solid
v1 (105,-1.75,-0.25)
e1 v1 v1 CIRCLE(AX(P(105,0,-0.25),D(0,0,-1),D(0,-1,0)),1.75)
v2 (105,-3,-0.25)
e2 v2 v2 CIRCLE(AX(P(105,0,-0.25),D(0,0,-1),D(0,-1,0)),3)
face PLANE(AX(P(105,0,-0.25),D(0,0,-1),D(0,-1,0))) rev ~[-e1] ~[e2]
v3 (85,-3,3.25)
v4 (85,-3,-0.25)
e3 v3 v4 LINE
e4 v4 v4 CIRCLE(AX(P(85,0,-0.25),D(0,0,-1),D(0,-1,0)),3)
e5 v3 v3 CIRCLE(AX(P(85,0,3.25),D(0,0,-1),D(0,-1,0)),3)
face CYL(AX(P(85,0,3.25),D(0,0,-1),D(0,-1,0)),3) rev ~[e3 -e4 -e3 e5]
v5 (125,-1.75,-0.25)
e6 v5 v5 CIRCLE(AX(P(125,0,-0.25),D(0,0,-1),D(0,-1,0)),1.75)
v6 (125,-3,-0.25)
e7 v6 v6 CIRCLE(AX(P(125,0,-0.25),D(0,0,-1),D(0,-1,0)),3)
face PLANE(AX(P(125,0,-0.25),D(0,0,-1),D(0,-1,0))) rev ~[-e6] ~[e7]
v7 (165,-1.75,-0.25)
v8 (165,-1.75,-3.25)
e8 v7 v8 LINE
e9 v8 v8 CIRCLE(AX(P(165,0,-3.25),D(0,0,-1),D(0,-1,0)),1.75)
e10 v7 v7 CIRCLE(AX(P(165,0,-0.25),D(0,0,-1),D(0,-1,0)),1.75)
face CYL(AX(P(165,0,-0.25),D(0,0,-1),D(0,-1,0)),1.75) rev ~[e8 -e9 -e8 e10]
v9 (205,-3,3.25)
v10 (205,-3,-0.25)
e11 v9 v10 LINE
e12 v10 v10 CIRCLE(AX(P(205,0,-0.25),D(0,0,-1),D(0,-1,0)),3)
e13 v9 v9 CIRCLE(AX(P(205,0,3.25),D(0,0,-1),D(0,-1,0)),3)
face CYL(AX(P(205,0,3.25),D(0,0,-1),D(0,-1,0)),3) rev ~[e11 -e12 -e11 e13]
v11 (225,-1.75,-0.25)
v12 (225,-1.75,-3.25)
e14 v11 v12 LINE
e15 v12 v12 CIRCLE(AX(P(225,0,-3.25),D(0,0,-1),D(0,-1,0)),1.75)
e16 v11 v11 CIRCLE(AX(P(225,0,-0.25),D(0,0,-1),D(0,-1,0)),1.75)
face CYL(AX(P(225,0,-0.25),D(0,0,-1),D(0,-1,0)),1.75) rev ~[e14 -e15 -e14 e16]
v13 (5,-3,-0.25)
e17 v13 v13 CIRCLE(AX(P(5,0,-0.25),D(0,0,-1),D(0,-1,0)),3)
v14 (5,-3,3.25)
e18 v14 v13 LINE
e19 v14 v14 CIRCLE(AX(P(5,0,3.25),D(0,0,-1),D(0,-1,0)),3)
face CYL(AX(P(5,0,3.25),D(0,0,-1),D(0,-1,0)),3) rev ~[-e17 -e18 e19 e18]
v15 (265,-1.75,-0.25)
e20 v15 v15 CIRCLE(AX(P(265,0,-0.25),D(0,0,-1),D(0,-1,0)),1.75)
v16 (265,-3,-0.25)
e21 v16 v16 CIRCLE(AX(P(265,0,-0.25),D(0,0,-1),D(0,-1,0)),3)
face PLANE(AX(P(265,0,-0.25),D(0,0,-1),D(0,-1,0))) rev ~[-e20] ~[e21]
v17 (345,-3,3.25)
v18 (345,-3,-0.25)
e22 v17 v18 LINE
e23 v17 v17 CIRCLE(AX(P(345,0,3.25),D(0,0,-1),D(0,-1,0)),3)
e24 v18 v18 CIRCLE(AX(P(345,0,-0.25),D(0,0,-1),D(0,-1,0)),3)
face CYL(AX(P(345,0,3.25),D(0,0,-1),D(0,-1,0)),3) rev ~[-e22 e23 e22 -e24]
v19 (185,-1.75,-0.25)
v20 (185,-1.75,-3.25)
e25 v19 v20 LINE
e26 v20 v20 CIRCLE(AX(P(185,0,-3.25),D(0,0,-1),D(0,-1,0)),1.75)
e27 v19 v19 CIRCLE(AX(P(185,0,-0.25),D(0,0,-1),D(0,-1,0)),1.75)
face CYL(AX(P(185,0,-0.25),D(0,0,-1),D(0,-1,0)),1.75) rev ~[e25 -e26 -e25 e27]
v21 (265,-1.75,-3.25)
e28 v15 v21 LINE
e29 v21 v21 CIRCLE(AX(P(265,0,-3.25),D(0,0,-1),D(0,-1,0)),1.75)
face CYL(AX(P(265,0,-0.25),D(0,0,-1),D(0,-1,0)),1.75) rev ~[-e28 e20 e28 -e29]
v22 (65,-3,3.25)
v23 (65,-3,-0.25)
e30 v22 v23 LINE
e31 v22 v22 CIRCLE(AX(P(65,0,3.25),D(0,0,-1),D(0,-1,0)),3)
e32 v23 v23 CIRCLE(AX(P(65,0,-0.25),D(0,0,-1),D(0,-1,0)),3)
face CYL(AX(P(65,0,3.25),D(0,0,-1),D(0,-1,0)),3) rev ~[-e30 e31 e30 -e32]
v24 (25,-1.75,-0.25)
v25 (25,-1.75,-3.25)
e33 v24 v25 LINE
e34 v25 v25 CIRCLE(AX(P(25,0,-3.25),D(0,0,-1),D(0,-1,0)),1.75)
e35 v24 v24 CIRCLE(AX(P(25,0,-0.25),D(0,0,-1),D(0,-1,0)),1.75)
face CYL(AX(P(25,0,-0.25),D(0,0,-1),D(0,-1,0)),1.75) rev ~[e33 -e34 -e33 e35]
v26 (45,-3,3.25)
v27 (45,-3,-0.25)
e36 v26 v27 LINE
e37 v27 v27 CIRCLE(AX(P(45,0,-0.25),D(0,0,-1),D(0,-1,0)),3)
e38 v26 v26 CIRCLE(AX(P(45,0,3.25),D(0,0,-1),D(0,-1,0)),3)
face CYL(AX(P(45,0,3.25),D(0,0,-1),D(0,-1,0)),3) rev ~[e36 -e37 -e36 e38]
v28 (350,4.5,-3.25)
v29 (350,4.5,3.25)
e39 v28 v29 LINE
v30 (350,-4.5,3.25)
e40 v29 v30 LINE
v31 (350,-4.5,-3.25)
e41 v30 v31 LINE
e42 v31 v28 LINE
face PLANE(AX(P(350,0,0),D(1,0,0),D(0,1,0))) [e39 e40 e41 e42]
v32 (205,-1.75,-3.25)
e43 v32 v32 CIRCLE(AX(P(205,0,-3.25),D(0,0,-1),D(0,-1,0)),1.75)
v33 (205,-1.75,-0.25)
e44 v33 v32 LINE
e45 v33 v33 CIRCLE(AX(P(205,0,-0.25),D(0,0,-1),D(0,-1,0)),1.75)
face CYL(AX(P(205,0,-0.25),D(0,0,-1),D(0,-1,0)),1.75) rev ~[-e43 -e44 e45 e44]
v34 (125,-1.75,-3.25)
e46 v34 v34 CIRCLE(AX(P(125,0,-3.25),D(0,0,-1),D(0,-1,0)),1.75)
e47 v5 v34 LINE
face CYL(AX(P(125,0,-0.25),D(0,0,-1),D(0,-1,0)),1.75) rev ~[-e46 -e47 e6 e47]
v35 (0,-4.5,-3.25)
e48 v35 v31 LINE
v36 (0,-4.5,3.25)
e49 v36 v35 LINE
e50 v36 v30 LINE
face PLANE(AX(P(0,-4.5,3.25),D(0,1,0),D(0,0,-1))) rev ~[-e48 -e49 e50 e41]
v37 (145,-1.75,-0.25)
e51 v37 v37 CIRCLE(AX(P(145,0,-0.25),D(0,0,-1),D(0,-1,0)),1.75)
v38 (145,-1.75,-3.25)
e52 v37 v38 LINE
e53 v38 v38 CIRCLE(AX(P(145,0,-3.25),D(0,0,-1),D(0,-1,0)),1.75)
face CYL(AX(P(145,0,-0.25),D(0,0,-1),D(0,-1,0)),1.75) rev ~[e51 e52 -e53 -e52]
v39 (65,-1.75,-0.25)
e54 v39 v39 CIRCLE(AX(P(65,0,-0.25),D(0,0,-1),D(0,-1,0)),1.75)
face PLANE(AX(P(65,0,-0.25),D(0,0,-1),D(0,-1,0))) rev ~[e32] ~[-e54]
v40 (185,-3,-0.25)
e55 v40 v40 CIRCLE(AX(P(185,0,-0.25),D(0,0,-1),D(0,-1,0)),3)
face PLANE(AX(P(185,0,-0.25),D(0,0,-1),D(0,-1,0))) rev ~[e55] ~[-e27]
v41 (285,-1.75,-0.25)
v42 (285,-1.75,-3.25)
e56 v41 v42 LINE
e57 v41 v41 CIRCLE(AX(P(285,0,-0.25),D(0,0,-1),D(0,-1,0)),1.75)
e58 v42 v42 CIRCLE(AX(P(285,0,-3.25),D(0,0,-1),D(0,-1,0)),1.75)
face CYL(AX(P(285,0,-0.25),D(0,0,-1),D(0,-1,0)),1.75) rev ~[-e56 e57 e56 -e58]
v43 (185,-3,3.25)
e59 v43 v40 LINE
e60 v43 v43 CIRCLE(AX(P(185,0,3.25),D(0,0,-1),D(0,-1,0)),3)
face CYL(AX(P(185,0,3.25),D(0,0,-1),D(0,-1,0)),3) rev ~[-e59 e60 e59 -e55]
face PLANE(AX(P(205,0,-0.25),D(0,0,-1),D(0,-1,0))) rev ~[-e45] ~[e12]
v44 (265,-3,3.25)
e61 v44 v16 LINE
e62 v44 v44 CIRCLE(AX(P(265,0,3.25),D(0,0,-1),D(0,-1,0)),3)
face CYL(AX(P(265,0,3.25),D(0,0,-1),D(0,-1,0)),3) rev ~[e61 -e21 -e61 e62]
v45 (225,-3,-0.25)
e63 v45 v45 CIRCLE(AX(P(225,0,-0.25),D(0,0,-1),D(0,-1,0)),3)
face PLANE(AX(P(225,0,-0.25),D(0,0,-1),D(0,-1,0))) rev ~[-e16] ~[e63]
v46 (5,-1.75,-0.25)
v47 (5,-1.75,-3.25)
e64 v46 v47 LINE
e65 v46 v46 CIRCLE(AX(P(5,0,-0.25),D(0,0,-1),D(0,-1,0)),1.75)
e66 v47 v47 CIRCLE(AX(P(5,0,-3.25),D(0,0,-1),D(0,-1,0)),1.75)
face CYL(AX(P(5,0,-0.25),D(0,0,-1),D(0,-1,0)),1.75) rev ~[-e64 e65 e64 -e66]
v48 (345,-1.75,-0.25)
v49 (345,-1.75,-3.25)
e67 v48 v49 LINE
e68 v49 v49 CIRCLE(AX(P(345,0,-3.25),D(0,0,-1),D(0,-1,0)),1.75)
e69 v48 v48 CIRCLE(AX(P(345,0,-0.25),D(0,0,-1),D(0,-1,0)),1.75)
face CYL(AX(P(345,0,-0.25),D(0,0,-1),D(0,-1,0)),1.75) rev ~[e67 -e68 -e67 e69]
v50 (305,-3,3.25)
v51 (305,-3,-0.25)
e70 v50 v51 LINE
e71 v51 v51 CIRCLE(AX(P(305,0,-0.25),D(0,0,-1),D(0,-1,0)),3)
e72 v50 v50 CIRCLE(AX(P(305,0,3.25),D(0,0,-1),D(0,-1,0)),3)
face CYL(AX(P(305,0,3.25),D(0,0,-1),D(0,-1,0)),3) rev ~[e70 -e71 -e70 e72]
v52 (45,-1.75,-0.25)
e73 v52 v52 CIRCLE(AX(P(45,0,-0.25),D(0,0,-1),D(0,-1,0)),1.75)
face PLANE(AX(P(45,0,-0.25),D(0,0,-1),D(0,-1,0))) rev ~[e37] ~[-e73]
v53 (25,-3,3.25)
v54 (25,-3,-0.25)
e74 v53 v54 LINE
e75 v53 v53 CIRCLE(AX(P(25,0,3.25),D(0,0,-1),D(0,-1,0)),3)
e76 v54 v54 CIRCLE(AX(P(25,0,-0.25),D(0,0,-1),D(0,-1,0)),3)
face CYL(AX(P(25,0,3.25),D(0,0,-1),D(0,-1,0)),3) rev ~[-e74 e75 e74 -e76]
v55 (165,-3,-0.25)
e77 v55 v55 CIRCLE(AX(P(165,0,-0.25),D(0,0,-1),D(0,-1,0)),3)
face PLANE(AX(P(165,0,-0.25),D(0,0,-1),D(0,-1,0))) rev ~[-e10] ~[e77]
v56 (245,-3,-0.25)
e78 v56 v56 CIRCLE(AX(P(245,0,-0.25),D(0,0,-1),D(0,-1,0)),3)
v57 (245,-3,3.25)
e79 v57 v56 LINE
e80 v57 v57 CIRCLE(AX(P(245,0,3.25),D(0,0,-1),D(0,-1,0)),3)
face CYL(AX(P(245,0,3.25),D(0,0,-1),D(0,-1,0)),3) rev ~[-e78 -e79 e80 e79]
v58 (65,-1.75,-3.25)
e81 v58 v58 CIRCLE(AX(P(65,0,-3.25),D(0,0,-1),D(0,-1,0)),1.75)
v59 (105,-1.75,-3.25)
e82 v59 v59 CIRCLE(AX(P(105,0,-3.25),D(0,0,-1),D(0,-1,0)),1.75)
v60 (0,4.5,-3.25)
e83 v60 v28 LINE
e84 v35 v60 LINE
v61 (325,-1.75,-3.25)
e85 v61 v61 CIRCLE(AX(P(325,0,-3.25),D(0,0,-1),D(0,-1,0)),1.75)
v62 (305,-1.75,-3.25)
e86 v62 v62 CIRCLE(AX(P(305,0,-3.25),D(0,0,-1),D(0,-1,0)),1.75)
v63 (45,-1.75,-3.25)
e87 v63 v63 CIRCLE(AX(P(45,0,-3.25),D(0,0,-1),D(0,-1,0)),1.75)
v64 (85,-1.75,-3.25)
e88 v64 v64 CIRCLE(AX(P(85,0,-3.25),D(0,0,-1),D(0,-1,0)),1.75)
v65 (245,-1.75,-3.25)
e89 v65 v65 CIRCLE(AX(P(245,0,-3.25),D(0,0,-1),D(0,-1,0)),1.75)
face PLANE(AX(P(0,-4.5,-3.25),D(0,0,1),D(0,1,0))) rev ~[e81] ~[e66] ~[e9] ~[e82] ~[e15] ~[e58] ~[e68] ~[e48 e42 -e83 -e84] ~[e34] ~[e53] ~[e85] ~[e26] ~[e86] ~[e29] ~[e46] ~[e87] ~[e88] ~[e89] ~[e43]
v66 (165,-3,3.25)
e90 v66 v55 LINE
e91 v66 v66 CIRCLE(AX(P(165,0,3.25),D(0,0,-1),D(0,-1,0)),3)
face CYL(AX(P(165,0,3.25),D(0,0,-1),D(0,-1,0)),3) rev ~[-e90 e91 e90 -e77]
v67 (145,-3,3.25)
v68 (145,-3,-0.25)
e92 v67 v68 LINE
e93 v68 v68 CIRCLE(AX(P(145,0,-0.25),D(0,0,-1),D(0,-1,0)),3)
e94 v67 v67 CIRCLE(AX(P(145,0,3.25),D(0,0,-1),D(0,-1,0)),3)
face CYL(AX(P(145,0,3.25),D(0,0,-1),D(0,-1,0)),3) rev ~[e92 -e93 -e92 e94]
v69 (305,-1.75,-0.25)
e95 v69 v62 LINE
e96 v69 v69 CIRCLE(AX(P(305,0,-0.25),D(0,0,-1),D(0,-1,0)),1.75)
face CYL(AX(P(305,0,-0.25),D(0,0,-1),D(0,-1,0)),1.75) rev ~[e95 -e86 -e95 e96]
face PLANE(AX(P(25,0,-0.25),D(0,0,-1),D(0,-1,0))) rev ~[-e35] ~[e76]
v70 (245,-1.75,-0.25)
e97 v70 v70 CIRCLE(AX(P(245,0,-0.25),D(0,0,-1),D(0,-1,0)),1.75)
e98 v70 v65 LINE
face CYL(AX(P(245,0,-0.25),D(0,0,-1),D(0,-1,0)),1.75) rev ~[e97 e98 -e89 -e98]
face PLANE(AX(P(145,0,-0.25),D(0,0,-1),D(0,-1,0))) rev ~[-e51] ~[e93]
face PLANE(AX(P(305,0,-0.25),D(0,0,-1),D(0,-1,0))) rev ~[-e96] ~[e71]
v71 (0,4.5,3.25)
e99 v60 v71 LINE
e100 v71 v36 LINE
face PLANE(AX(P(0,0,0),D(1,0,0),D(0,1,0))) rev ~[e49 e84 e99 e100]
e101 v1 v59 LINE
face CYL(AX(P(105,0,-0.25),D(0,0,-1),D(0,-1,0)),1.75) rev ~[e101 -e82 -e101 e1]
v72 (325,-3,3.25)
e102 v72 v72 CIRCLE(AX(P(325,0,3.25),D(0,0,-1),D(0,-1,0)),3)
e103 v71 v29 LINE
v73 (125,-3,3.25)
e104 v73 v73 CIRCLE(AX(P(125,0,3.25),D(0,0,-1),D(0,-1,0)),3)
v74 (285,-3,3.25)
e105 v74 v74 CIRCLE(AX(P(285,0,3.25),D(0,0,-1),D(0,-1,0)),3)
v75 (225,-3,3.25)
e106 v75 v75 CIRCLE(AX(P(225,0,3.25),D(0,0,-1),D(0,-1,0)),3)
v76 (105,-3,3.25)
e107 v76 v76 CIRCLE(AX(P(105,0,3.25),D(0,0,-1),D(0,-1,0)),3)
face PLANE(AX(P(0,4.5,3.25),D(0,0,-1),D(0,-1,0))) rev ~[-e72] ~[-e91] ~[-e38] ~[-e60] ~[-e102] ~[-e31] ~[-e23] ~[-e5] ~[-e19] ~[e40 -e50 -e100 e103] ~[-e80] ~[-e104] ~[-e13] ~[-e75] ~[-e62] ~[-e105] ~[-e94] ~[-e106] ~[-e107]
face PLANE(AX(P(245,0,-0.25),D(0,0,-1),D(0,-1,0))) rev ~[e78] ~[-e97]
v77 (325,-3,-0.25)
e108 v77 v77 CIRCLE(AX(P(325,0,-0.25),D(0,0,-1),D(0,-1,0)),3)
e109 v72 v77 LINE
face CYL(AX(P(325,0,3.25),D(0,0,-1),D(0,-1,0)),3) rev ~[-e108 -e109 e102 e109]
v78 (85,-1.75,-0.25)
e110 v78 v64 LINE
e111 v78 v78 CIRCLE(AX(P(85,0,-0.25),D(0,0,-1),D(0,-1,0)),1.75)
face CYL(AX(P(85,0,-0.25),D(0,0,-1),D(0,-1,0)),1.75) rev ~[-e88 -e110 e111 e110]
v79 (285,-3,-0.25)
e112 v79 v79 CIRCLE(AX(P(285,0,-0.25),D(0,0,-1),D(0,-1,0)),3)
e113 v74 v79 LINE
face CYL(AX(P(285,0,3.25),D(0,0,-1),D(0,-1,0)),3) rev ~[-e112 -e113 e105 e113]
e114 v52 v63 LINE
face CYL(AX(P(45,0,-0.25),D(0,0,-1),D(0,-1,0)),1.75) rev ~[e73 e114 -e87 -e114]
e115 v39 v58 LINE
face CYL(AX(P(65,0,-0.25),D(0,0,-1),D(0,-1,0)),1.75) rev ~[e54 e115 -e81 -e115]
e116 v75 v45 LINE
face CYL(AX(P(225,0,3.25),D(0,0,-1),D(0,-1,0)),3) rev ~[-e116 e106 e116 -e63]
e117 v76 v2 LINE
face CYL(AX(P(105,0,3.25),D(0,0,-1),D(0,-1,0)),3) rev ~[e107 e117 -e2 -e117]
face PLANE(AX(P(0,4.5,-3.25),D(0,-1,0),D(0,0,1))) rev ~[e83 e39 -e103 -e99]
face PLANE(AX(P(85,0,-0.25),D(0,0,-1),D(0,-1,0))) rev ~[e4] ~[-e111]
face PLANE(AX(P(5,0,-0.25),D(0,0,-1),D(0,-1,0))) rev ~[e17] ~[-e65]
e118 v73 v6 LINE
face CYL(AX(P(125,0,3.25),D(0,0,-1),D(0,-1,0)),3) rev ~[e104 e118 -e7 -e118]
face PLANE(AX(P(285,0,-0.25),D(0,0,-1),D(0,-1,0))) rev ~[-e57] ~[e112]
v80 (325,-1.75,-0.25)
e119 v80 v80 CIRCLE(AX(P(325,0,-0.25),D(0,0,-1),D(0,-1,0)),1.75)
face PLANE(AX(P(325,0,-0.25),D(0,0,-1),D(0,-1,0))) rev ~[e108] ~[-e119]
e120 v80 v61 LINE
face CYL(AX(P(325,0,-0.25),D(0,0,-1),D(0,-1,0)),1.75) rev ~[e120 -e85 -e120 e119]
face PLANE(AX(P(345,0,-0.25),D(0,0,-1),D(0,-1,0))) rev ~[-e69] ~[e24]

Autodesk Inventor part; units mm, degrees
ref_plane "YZ Plane" through (0, 0, 0) normal (1, 0, 0) x (0, 1, 0)
ref_plane "XZ Plane" through (0, 0, 0) normal (0, 1, 0) x (-1, 0, 0)
ref_plane "XY Plane" through (0, 0, 0) normal (0, 0, 1) x (1, 0, 0)
sketch "Sketch1" plane through (0, 0, 0) normal (1, 0, 0) x (0, 1, 0)
  line L0 (-4.5, -3.25) -> (4.5, -3.25)
  line L1 (4.5, -3.25) -> (4.5, 3.25)
  line L2 (4.5, 3.25) -> (-4.5, 3.25)
  line L3 (-4.5, 3.25) -> (-4.5, -3.25)
  line L4 (-4.5, -3.25) -> (4.5, 3.25) construction
  line L5 (4.5, -3.25) -> (-4.5, 3.25) construction
  point P0 (0, 0)
  dimension "d0" = 9
  dimension "d1" = 6.5
extrude "Extrusion1" add sketch "Sketch1" along normal blind 350
sketch "Sketch2" plane through (0, -4.5, 3.25) normal (0, 0, 1) x (1, 0, 0)
  line L0 (0, 9) -> (0, 0) projected
  line L1 (0, 9) -> (350, 9) projected
  point P0 (0, 4.5)
  point P1 (5, 4.5)
  point P2 (25, 4.5)
  point P3 (45, 4.5)
  point P4 (65, 4.5)
  point P5 (85, 4.5)
  point P6 (105, 4.5)
  point P7 (125, 4.5)
  point P8 (145, 4.5)
  point P9 (165, 4.5)
  point P10 (185, 4.5)
  point P11 (205, 4.5)
  point P12 (225, 4.5)
  point P13 (245, 4.5)
  point P14 (265, 4.5)
  point P15 (285, 4.5)
  point P16 (305, 4.5)
  point P17 (325, 4.5)
  point P18 (345, 4.5)
  point P19 (365, 4.5)
  point P20 (385, 4.5)
  point P21 (405, 4.5)
  point P22 (425, 4.5)
  point P23 (445, 4.5)
  point P24 (465, 4.5)
  point P25 (485, 4.5)
  point P26 (505, 4.5)
  point P27 (525, 4.5)
  point P28 (545, 4.5)
  point P29 (565, 4.5)
  dimension "d4" = 5
  dimension "d5" = 4.5
  dimension "d8" = 20
hole "Hole1" at (5, 0, 3.25) at (25, 0, 3.25) at (45, 0, 3.25) at (65, 0, 3.25) at (85, 0, 3.25) at (105, 0, 3.25) at (125, 0, 3.25) at (145, 0, 3.25) at (165, 0, 3.25) at (185, 0, 3.25) at (205, 0, 3.25) at (225, 0, 3.25) at (245, 0, 3.25) at (265, 0, 3.25) at (285, 0, 3.25) at (305, 0, 3.25) at (325, 0, 3.25) at (345, 0, 3.25) at (365, 0, 3.25) at (385, 0, 3.25) at (405, 0, 3.25) at (425, 0, 3.25) at (445, 0, 3.25) at (465, 0, 3.25) at (485, 0, 3.25) at (505, 0, 3.25) at (525, 0, 3.25) at (545, 0, 3.25) at (565, 0, 3.25) direction (0, 0, -1) diameter 3.5 depth 8 tip angle 118 counterbore diameter 6 counterbore depth 3.5
properties part number "MGNR9_300mm" material "Stainless Steel"
